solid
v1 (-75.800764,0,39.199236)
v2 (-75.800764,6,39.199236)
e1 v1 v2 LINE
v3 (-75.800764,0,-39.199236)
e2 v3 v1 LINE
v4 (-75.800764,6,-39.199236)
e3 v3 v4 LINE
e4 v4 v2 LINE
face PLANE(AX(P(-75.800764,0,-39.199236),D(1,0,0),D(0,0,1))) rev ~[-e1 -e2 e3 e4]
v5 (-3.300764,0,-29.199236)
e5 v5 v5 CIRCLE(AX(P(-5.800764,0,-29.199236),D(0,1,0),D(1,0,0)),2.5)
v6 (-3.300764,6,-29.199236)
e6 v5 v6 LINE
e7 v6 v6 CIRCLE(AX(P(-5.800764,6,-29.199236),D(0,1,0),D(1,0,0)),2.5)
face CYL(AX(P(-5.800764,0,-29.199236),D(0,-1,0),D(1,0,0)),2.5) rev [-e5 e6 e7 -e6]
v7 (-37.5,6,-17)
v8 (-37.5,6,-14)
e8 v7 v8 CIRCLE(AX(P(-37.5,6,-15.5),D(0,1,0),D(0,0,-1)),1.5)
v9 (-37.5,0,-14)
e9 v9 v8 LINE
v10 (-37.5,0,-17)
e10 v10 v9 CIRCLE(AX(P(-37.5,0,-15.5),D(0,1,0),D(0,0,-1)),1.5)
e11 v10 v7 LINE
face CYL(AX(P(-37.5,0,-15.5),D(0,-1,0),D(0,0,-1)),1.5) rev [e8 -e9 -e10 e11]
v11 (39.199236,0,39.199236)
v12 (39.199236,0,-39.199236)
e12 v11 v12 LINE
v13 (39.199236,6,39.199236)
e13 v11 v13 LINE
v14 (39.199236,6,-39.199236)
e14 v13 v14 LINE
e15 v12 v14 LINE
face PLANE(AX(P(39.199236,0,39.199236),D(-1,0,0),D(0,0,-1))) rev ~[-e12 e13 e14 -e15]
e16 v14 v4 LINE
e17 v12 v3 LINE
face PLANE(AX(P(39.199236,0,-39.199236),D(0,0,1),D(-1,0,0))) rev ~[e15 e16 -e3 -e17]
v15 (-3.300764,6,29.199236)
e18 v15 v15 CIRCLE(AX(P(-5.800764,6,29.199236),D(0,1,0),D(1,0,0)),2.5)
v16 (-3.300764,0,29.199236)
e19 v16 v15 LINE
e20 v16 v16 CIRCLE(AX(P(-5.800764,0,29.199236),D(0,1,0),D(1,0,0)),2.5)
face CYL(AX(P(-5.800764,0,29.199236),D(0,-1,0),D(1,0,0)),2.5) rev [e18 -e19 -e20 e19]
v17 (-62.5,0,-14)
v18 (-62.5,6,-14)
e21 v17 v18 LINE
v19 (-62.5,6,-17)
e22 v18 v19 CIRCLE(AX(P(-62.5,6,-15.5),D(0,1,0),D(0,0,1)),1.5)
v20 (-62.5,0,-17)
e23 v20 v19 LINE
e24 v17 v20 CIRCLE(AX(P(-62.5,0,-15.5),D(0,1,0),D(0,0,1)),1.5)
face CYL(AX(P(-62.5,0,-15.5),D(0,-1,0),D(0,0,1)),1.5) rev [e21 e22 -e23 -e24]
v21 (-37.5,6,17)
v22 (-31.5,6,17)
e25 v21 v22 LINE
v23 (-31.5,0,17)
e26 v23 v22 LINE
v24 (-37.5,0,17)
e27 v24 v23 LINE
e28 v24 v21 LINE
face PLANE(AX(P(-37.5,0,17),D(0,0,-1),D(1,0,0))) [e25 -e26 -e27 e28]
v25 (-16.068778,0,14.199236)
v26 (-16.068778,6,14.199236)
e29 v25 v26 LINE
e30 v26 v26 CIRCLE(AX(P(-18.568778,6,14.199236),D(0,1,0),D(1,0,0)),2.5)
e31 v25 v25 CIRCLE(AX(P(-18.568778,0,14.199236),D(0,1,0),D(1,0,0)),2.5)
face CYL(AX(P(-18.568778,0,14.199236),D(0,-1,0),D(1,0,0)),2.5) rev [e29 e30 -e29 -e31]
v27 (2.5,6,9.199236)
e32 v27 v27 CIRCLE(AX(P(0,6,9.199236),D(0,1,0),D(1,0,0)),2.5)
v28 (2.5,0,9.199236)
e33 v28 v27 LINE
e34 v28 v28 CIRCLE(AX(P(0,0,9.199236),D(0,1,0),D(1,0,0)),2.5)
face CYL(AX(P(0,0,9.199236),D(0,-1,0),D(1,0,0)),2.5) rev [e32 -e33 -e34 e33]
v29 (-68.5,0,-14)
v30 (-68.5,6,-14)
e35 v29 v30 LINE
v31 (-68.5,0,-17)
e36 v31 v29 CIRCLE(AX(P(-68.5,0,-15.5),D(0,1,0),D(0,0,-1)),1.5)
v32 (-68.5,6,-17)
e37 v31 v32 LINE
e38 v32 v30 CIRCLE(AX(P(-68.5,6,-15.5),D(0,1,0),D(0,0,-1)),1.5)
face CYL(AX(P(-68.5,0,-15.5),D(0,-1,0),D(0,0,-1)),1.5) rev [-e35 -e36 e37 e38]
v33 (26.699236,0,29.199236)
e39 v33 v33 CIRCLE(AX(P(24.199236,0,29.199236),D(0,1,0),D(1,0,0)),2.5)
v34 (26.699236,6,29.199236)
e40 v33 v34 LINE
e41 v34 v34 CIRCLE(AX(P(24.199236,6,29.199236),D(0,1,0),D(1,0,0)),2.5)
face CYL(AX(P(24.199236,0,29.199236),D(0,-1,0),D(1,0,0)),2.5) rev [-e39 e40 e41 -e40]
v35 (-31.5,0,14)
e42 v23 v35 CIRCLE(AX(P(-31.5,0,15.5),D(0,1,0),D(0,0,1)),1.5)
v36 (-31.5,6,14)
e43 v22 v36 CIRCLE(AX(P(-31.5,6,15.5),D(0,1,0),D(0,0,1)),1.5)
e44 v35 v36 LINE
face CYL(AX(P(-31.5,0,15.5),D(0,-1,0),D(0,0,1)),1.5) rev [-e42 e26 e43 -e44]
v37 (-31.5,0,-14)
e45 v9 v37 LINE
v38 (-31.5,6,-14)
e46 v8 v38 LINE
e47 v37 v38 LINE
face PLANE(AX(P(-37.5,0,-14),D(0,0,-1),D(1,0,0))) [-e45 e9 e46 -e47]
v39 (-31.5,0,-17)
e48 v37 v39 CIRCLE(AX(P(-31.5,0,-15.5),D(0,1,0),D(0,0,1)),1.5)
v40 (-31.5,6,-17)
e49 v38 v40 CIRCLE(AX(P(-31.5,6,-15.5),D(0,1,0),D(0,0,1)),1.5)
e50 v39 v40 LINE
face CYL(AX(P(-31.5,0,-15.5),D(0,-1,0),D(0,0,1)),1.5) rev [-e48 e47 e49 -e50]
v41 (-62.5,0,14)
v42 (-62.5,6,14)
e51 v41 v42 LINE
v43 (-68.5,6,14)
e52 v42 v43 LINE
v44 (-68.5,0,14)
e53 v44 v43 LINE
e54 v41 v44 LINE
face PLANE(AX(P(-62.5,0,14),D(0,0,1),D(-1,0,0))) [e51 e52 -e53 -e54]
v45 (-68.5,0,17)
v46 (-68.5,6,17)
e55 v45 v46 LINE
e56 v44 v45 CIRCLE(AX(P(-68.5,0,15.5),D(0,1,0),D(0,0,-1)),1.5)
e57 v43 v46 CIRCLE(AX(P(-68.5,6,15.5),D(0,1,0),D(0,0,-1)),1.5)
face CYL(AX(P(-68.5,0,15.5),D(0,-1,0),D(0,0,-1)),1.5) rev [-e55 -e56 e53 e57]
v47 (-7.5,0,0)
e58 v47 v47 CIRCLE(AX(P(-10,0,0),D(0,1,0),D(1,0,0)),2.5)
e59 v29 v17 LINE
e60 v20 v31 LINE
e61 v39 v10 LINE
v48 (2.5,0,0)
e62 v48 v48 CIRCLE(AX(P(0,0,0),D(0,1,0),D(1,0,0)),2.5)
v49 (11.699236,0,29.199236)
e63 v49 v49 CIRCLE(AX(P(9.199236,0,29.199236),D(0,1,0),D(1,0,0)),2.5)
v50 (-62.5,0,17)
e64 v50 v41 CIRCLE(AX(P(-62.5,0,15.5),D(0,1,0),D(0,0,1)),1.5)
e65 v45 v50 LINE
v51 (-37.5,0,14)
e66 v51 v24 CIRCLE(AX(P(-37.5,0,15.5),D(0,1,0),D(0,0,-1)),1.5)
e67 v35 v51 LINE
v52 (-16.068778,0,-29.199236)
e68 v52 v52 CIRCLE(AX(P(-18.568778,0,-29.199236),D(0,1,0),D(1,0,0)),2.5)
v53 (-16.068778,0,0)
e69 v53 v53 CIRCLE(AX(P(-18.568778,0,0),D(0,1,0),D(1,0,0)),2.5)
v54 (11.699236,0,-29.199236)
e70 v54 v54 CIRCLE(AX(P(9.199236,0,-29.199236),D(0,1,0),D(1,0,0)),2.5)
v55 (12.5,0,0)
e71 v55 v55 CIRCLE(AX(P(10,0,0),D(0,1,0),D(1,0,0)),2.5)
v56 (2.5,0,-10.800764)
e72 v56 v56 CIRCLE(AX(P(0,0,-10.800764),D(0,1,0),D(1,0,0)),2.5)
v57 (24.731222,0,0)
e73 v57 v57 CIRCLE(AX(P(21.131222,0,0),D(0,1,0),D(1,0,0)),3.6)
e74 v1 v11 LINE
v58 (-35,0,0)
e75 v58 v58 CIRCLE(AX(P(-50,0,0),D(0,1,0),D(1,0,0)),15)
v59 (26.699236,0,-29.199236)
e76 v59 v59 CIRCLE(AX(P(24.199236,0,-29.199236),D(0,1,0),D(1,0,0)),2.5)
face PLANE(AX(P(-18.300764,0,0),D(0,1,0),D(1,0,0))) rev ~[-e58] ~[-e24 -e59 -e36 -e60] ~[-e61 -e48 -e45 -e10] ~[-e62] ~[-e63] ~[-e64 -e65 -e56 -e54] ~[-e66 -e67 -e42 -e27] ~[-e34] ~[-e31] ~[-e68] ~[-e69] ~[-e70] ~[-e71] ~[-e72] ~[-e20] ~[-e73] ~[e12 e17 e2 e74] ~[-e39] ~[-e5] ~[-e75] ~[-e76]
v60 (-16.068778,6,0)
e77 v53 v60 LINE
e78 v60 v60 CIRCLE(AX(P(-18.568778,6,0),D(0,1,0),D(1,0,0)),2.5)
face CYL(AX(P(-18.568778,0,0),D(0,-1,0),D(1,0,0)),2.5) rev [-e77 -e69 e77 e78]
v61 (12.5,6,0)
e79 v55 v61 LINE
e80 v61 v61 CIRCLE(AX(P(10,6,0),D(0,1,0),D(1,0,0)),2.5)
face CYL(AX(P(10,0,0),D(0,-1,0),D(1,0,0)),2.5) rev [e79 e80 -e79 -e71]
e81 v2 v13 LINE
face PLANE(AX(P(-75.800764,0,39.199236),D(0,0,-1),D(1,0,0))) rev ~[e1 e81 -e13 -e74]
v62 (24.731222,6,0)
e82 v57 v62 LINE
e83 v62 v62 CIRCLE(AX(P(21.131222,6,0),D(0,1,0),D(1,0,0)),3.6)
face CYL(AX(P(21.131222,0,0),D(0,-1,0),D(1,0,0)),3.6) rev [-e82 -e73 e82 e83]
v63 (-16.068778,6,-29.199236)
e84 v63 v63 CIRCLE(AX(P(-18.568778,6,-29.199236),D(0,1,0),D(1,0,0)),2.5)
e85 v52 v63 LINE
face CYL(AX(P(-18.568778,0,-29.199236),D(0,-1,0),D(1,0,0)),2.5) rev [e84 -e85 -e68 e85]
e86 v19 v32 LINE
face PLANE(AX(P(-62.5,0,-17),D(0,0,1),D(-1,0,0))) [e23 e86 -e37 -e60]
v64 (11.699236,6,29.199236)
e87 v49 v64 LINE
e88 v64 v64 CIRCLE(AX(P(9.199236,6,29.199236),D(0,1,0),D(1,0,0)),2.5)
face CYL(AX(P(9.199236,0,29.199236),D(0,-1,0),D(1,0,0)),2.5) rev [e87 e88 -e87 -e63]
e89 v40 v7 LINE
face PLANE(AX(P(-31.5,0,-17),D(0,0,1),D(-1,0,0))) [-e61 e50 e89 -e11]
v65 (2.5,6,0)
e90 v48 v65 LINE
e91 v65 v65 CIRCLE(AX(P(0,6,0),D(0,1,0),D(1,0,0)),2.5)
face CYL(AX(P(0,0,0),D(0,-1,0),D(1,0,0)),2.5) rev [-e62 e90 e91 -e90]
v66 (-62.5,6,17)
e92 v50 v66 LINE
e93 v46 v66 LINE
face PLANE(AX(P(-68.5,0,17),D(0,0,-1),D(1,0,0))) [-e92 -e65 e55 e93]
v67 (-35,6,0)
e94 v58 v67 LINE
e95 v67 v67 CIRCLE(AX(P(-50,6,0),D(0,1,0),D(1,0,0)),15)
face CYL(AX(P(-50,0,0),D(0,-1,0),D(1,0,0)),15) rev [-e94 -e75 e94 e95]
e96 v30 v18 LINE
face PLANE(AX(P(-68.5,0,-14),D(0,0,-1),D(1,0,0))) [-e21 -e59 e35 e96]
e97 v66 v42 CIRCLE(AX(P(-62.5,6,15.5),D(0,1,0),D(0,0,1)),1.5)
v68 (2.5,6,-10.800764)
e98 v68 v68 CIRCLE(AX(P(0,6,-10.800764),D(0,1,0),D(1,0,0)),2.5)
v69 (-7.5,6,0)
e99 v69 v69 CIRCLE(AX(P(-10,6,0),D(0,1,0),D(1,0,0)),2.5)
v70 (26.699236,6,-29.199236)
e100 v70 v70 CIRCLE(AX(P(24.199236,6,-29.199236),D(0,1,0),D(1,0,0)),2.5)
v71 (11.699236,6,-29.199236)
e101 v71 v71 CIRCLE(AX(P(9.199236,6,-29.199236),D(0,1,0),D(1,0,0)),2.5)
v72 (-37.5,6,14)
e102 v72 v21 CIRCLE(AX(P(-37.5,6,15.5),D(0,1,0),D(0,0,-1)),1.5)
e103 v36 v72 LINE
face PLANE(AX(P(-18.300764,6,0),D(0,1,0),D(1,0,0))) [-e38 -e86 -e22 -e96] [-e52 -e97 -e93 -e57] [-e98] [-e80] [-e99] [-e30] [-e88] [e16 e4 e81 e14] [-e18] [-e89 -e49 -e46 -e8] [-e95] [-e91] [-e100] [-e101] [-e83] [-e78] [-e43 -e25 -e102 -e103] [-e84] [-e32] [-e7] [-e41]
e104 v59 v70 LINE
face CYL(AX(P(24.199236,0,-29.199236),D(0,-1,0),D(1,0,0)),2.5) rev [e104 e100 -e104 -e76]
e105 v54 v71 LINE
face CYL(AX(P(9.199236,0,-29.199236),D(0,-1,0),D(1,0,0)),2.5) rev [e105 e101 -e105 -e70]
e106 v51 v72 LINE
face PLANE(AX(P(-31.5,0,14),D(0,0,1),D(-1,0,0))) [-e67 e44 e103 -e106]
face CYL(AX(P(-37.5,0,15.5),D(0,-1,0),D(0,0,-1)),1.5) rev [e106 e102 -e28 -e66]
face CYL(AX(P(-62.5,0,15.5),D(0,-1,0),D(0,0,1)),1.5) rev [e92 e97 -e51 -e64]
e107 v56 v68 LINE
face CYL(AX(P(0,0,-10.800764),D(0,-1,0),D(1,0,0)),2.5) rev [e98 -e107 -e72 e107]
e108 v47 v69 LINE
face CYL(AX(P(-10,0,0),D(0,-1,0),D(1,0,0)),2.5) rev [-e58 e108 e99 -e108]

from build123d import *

# Parameters (mm, degrees)
BOSS_EXTRUDE1_DEPTH = 6
SKETCH1_7_R         = 2.5
SKETCH1_7_R_2       = 3.6
SKETCH1_7_R_3       = 15
CUT_EXTRUDE3_DEPTH  = 6


with BuildPart() as part:
    # Sketch1 → Boss-Extrude1 (new body)
    with BuildSketch(Plane(origin=(0, 0, 0), x_dir=(1, 0, 0), z_dir=(0, 1, 0))):
        Polygon((39.199236391, -39.199236391), (39.199236391, 39.199236391), (-75.800763609, 39.199236391), (-75.800763609, -39.199236391), (-39.199236391, -39.199236391), align=None)
    extrude(amount=BOSS_EXTRUDE1_DEPTH)

    # Sketch1<7> → Cut-Extrude3 (cut)
    with BuildSketch(Plane(origin=(0, 0, 0), x_dir=(1, 0, 0), z_dir=(0, 1, 0))):
        with Locations((-18.568778226, 29.199236391)):
            Circle(SKETCH1_7_R)
        with Locations((-18.568778226, -14.199236391)):
            Circle(SKETCH1_7_R)
        with Locations((24.199236391, 29.199236391)):
            Circle(SKETCH1_7_R)
        with Locations((9.199236391, 29.199236391)):
            Circle(SKETCH1_7_R)
        with Locations((21.131221774, 0)):
            Circle(SKETCH1_7_R_2)
        Circle(SKETCH1_7_R)
        with Locations((-10, 0)):
            Circle(SKETCH1_7_R)
        with Locations((-18.568778226, 0)):
            Circle(SKETCH1_7_R)
        with Locations((10, 0)):
            Circle(SKETCH1_7_R)
        with Locations((-5.800763609, 29.199236391)):
            Circle(SKETCH1_7_R)
        with Locations((-5.800763609, -29.199236391)):
            Circle(SKETCH1_7_R)
        with Locations((24.199236391, -29.199236391)):
            Circle(SKETCH1_7_R)
        with Locations((9.199236391, -29.199236391)):
            Circle(SKETCH1_7_R)
        with Locations((0, -9.199236391)):
            Circle(SKETCH1_7_R)
        with Locations((0, 10.800763609)):
            Circle(SKETCH1_7_R)
        with Locations((-50, 0)):
            Circle(SKETCH1_7_R_3)
        with BuildLine():
            Line((-68.5, 14), (-62.5, 14))
            ThreePointArc((-62.5, 14), (-61, 15.5), (-62.5, 17))
            Line((-62.5, 17), (-68.5, 17))
            ThreePointArc((-68.5, 17), (-70, 15.5), (-68.5, 14))
        make_face()
        with BuildLine():
            Line((-37.5, 14), (-31.5, 14))
            ThreePointArc((-31.5, 14), (-30, 15.5), (-31.5, 17))
            Line((-31.5, 17), (-37.5, 17))
            ThreePointArc((-37.5, 17), (-39, 15.5), (-37.5, 14))
        make_face()
        with BuildLine():
            Line((-37.5, -17), (-31.5, -17))
            ThreePointArc((-31.5, -17), (-30, -15.5), (-31.5, -14))
            Line((-31.5, -14), (-37.5, -14))
            ThreePointArc((-37.5, -14), (-39, -15.5), (-37.5, -17))
        make_face()
        with BuildLine():
            Line((-68.5, -17), (-62.5, -17))
            ThreePointArc((-62.5, -17), (-61, -15.5), (-62.5, -14))
            Line((-62.5, -14), (-68.5, -14))
            ThreePointArc((-68.5, -14), (-70, -15.5), (-68.5, -17))
        make_face()
    extrude(amount=CUT_EXTRUDE3_DEPTH, mode=Mode.SUBTRACT)


solid = part.part
